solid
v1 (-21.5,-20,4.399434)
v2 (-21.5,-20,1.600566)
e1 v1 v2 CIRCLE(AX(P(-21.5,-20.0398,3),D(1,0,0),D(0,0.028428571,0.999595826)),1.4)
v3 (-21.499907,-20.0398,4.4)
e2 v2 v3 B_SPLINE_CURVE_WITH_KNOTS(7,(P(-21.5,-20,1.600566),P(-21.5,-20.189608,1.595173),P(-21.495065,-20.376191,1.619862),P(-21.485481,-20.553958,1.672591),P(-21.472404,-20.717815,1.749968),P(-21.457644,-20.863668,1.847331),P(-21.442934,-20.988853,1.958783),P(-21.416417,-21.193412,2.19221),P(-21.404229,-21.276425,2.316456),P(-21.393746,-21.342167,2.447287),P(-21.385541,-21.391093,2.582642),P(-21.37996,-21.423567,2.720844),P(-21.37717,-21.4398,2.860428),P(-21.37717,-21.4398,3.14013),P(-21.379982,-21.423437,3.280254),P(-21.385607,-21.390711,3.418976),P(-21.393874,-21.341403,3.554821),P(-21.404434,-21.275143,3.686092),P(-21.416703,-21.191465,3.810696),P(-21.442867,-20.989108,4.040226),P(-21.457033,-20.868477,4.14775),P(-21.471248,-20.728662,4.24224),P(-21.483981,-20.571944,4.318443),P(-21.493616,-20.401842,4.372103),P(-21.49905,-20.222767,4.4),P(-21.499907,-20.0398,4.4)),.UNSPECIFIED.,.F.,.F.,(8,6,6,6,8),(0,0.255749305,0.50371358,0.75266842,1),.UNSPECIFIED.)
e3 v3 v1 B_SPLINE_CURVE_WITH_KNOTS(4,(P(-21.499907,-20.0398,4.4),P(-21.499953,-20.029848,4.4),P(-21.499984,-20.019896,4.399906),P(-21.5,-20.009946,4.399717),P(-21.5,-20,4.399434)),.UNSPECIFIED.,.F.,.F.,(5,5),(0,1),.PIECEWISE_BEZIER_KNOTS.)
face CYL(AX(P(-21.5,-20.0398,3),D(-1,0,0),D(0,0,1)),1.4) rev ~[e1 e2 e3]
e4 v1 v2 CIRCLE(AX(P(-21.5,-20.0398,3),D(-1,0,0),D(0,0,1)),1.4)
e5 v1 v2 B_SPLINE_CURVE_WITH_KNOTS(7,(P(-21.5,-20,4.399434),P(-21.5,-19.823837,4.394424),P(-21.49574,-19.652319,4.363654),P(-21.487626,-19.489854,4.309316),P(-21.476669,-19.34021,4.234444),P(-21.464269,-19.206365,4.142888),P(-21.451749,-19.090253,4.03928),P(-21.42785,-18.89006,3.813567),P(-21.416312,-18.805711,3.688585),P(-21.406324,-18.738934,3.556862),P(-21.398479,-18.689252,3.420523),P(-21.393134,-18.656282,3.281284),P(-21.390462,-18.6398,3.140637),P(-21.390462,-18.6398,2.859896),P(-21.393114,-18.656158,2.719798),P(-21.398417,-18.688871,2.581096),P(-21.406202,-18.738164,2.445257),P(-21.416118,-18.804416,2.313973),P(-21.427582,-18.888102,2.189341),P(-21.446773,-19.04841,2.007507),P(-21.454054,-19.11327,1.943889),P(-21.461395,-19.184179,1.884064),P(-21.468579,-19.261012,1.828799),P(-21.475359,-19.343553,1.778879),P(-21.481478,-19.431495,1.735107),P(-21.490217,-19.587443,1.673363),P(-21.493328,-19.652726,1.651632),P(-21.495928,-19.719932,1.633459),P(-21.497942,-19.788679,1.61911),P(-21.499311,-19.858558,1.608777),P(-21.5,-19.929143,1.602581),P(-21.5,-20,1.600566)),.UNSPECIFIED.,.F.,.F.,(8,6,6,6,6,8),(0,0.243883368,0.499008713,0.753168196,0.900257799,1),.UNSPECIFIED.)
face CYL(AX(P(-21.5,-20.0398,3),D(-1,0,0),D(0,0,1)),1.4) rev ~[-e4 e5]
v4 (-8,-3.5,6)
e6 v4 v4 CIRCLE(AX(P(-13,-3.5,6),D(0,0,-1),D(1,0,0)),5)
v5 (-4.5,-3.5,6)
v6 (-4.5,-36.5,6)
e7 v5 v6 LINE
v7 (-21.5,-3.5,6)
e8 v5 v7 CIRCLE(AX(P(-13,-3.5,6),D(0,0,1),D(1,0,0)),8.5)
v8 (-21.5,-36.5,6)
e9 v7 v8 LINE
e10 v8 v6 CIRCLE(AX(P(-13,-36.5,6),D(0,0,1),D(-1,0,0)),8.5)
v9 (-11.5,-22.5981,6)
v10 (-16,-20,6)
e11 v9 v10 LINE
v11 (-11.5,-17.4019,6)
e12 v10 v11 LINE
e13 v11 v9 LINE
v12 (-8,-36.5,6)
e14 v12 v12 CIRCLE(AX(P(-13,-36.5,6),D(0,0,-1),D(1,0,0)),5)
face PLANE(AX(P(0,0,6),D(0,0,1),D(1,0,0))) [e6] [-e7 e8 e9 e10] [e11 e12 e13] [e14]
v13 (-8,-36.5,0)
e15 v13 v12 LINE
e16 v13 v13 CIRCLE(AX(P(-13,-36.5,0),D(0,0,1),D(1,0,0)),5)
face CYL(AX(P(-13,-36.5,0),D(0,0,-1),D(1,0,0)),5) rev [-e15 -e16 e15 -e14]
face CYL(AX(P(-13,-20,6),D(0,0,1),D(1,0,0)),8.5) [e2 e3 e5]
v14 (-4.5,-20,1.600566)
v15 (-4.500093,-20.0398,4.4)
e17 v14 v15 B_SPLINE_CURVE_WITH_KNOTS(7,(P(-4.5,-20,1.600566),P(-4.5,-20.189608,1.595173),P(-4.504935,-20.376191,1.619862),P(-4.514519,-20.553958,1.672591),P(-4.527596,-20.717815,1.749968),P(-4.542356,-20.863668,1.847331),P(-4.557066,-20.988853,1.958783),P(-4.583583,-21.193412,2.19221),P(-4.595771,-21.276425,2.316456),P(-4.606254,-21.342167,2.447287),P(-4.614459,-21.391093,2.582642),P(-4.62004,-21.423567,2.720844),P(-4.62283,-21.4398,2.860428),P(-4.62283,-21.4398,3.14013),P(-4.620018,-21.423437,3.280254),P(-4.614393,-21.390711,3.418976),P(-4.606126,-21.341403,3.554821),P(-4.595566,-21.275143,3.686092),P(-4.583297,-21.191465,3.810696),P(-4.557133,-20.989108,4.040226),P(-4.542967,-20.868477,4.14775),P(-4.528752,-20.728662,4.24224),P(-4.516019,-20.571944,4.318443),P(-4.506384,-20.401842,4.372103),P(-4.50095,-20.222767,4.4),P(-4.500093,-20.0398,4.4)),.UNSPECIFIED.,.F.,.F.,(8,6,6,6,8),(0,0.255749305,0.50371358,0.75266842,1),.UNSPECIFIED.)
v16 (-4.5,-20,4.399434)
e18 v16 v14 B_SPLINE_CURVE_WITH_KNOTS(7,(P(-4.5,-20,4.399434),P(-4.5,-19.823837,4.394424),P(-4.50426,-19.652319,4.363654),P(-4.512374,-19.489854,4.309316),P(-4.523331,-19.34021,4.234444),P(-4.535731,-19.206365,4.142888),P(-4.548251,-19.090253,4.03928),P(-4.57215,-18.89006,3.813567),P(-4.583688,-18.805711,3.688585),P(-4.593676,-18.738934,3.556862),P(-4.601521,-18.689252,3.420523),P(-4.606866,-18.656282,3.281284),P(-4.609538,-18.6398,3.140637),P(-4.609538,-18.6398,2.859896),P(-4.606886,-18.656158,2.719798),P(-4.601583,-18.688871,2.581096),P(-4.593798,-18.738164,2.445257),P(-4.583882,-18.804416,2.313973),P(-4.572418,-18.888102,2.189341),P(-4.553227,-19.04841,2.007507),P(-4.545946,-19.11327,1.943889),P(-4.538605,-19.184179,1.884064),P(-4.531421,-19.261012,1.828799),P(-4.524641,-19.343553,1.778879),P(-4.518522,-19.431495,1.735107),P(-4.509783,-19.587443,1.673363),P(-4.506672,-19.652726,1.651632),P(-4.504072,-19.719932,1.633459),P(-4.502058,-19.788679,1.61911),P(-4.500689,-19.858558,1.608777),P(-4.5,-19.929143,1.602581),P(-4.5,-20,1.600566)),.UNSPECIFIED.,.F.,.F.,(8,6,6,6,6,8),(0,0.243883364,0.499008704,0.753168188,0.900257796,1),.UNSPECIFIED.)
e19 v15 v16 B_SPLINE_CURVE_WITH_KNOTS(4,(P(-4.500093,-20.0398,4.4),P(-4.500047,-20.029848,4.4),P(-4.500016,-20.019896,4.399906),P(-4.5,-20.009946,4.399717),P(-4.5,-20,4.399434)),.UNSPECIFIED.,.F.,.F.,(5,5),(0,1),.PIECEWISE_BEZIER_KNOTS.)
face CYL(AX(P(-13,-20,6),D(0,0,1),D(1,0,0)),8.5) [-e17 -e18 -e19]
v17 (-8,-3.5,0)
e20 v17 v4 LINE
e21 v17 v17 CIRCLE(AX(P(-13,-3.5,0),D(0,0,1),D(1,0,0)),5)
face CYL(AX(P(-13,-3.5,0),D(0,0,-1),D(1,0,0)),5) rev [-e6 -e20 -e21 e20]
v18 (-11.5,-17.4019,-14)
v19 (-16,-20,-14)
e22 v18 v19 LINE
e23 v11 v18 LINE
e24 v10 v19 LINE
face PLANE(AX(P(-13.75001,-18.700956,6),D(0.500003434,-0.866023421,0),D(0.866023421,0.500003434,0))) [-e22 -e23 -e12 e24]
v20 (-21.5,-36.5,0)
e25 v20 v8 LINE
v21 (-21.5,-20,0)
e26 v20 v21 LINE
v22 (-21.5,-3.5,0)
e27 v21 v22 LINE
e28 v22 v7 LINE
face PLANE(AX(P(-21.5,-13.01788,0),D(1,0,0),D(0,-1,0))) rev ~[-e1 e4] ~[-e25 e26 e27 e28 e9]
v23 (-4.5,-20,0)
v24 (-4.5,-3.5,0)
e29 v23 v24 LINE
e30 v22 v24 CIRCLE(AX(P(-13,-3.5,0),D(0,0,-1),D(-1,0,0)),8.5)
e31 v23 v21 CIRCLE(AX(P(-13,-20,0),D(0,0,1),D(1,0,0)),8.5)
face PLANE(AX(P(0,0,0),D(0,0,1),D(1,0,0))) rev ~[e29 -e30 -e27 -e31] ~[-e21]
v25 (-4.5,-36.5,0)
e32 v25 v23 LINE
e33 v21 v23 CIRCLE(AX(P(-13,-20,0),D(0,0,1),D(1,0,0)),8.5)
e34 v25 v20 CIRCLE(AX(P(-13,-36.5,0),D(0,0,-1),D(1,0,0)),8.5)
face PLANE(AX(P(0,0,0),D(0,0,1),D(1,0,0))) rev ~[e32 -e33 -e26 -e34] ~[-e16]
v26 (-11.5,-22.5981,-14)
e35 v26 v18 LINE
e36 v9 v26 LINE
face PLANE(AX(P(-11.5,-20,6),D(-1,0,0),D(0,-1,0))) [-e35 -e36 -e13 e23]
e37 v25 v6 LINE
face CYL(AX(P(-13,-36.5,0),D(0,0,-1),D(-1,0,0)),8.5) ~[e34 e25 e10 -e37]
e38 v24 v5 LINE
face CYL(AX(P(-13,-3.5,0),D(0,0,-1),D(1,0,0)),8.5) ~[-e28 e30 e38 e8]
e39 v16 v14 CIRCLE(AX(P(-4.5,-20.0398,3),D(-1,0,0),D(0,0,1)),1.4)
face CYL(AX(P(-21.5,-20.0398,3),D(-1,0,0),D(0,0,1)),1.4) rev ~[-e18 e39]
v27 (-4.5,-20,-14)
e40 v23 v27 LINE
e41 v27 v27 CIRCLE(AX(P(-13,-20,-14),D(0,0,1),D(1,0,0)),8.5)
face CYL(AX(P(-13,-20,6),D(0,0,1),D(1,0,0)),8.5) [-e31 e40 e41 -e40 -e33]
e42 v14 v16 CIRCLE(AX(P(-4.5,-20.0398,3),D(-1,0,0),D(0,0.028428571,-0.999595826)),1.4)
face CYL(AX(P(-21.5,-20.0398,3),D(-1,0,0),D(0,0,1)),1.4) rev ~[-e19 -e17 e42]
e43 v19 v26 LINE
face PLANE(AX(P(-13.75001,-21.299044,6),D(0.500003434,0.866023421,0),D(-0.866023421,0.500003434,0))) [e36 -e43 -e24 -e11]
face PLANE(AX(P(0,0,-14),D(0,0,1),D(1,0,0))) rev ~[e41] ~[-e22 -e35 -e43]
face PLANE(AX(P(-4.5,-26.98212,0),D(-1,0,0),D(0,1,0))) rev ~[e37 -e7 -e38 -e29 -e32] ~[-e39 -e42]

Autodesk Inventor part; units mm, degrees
ref_plane "YZ Plane" through (0, 0, 0) normal (1, 0, 0) x (0, 1, 0)
ref_plane "XZ Plane" through (0, 0, 0) normal (0, 1, 0) x (-1, 0, 0)
ref_plane "XY Plane" through (0, 0, 0) normal (0, 0, 1) x (1, 0, 0)
ref_plane "Arbeitsebene1" through (0, 0, 0) normal (0, 0, 1) x (1, 0, 0)
sketch "Skizze1" plane through (0, 0, 0) normal (0, 0, 1) x (1, 0, 0)
  circle A0 centre (-13, -20) radius 11 projected
  circle A1 centre (-13, -36.5) radius 2 projected
  circle A2 centre (-13, -3.5) radius 2 projected
  line L0 (0, 0) -> (0, -9.8388) projected
  line L1 (-29, 0) -> (0, 0) projected
  line L2 (-33, -4) -> (-29, 0) projected
  line L3 (-33, -4) -> (-33, -36) projected
  line L4 (-29, -40) -> (-33, -36) projected
  line L5 (0, -40) -> (-29, -40) projected
  line L6 (0, -30.1612) -> (0, -40) projected
  arc A3 (0, -30.1612) -> (0, -9.8388) centre (-13, -20) ccw projected
  circle A4 centre (-13, -3.5) radius 5
  circle A5 centre (-13, -36.5) radius 5
  circle A6 centre (-13, -20) radius 4.5
  line L7 (-13, -3.5) -> (-13, -36.5) construction
  line L8 (-21.5, -3.5) -> (-21.5, -36.5)
  line L9 (-4.5, -36.5) -> (-4.5, -3.5)
  arc A7 (-4.5, -3.5) -> (-21.5, -3.5) centre (-13, -3.5) ccw
  arc A8 (-21.5, -36.5) -> (-4.5, -36.5) centre (-13, -36.5) ccw
  point P0 (-13, -20)
  dimension "d0" = 10
  dimension "d1" = 10
  dimension "d2" = 9
  dimension "d3" = 17
extrude "Extrusion1" add sketch "Skizze1" along normal blind 6 contours L9 A0 L8 | A0 L8 A7 L1 A4 L9 | L9 A8 L5 A5 L8 A0 | L1 A4 A7 | A8 L5 A5
sketch "Skizze2" plane through (-21.5, -36.5, 0) normal (-1, 0, 0) x (0, 0, 1)
  line L0 (6, 21) -> (0, 21) projected
  line L1 (6, 12) -> (0, 12) projected
  circle A0 centre (3, 16.4602) radius 1.4
  point P0 (0, 36.5)
  dimension "d6" = 2.8
extrude "Extrusion2" cut sketch "Skizze2" against normal through all
sketch "Skizze3" plane through (0, 0, 6) normal (0, 0, 1) x (1, 0, 0)
  point P0 (0, 0)
sketch "Skizze4" plane through (0, 0, 6) normal (0, 0, 1) x (1, 0, 0)
  line L0 (-21.5, -3.5) -> (-21.5, -36.5) projected
  arc A0 (-21.5, -36.5) -> (-4.5, -36.5) centre (-13, -36.5) ccw projected
  line L1 (-4.5, -36.5) -> (-4.5, -3.5) projected
  arc A1 (-4.5, -3.5) -> (-21.5, -3.5) centre (-13, -3.5) ccw projected
  circle A2 centre (-13, -20) radius 4.5 projected
  circle A3 centre (-13, -36.5) radius 5 projected
  circle A4 centre (-13, -3.5) radius 5 projected
  line L2 (-16, -20) -> (-11.5, -17.4019)
  line L3 (-11.5, -17.4019) -> (-11.5, -22.5981)
  line L4 (-11.5, -22.5981) -> (-16, -20)
  circle A5 centre (-13, -20) radius 1.5
  circle A6 centre (-13, -20) radius 8.5
  point P0 (0, 0)
  dimension "d9" = 3
extrude "Extrusion3" add sketch "Skizze4" against normal blind 20 contours A6 | A2
properties part number "40_XYZstage_micrometer_motorized_nema8_samplemount_lightsheet_feptube25_screwed"
